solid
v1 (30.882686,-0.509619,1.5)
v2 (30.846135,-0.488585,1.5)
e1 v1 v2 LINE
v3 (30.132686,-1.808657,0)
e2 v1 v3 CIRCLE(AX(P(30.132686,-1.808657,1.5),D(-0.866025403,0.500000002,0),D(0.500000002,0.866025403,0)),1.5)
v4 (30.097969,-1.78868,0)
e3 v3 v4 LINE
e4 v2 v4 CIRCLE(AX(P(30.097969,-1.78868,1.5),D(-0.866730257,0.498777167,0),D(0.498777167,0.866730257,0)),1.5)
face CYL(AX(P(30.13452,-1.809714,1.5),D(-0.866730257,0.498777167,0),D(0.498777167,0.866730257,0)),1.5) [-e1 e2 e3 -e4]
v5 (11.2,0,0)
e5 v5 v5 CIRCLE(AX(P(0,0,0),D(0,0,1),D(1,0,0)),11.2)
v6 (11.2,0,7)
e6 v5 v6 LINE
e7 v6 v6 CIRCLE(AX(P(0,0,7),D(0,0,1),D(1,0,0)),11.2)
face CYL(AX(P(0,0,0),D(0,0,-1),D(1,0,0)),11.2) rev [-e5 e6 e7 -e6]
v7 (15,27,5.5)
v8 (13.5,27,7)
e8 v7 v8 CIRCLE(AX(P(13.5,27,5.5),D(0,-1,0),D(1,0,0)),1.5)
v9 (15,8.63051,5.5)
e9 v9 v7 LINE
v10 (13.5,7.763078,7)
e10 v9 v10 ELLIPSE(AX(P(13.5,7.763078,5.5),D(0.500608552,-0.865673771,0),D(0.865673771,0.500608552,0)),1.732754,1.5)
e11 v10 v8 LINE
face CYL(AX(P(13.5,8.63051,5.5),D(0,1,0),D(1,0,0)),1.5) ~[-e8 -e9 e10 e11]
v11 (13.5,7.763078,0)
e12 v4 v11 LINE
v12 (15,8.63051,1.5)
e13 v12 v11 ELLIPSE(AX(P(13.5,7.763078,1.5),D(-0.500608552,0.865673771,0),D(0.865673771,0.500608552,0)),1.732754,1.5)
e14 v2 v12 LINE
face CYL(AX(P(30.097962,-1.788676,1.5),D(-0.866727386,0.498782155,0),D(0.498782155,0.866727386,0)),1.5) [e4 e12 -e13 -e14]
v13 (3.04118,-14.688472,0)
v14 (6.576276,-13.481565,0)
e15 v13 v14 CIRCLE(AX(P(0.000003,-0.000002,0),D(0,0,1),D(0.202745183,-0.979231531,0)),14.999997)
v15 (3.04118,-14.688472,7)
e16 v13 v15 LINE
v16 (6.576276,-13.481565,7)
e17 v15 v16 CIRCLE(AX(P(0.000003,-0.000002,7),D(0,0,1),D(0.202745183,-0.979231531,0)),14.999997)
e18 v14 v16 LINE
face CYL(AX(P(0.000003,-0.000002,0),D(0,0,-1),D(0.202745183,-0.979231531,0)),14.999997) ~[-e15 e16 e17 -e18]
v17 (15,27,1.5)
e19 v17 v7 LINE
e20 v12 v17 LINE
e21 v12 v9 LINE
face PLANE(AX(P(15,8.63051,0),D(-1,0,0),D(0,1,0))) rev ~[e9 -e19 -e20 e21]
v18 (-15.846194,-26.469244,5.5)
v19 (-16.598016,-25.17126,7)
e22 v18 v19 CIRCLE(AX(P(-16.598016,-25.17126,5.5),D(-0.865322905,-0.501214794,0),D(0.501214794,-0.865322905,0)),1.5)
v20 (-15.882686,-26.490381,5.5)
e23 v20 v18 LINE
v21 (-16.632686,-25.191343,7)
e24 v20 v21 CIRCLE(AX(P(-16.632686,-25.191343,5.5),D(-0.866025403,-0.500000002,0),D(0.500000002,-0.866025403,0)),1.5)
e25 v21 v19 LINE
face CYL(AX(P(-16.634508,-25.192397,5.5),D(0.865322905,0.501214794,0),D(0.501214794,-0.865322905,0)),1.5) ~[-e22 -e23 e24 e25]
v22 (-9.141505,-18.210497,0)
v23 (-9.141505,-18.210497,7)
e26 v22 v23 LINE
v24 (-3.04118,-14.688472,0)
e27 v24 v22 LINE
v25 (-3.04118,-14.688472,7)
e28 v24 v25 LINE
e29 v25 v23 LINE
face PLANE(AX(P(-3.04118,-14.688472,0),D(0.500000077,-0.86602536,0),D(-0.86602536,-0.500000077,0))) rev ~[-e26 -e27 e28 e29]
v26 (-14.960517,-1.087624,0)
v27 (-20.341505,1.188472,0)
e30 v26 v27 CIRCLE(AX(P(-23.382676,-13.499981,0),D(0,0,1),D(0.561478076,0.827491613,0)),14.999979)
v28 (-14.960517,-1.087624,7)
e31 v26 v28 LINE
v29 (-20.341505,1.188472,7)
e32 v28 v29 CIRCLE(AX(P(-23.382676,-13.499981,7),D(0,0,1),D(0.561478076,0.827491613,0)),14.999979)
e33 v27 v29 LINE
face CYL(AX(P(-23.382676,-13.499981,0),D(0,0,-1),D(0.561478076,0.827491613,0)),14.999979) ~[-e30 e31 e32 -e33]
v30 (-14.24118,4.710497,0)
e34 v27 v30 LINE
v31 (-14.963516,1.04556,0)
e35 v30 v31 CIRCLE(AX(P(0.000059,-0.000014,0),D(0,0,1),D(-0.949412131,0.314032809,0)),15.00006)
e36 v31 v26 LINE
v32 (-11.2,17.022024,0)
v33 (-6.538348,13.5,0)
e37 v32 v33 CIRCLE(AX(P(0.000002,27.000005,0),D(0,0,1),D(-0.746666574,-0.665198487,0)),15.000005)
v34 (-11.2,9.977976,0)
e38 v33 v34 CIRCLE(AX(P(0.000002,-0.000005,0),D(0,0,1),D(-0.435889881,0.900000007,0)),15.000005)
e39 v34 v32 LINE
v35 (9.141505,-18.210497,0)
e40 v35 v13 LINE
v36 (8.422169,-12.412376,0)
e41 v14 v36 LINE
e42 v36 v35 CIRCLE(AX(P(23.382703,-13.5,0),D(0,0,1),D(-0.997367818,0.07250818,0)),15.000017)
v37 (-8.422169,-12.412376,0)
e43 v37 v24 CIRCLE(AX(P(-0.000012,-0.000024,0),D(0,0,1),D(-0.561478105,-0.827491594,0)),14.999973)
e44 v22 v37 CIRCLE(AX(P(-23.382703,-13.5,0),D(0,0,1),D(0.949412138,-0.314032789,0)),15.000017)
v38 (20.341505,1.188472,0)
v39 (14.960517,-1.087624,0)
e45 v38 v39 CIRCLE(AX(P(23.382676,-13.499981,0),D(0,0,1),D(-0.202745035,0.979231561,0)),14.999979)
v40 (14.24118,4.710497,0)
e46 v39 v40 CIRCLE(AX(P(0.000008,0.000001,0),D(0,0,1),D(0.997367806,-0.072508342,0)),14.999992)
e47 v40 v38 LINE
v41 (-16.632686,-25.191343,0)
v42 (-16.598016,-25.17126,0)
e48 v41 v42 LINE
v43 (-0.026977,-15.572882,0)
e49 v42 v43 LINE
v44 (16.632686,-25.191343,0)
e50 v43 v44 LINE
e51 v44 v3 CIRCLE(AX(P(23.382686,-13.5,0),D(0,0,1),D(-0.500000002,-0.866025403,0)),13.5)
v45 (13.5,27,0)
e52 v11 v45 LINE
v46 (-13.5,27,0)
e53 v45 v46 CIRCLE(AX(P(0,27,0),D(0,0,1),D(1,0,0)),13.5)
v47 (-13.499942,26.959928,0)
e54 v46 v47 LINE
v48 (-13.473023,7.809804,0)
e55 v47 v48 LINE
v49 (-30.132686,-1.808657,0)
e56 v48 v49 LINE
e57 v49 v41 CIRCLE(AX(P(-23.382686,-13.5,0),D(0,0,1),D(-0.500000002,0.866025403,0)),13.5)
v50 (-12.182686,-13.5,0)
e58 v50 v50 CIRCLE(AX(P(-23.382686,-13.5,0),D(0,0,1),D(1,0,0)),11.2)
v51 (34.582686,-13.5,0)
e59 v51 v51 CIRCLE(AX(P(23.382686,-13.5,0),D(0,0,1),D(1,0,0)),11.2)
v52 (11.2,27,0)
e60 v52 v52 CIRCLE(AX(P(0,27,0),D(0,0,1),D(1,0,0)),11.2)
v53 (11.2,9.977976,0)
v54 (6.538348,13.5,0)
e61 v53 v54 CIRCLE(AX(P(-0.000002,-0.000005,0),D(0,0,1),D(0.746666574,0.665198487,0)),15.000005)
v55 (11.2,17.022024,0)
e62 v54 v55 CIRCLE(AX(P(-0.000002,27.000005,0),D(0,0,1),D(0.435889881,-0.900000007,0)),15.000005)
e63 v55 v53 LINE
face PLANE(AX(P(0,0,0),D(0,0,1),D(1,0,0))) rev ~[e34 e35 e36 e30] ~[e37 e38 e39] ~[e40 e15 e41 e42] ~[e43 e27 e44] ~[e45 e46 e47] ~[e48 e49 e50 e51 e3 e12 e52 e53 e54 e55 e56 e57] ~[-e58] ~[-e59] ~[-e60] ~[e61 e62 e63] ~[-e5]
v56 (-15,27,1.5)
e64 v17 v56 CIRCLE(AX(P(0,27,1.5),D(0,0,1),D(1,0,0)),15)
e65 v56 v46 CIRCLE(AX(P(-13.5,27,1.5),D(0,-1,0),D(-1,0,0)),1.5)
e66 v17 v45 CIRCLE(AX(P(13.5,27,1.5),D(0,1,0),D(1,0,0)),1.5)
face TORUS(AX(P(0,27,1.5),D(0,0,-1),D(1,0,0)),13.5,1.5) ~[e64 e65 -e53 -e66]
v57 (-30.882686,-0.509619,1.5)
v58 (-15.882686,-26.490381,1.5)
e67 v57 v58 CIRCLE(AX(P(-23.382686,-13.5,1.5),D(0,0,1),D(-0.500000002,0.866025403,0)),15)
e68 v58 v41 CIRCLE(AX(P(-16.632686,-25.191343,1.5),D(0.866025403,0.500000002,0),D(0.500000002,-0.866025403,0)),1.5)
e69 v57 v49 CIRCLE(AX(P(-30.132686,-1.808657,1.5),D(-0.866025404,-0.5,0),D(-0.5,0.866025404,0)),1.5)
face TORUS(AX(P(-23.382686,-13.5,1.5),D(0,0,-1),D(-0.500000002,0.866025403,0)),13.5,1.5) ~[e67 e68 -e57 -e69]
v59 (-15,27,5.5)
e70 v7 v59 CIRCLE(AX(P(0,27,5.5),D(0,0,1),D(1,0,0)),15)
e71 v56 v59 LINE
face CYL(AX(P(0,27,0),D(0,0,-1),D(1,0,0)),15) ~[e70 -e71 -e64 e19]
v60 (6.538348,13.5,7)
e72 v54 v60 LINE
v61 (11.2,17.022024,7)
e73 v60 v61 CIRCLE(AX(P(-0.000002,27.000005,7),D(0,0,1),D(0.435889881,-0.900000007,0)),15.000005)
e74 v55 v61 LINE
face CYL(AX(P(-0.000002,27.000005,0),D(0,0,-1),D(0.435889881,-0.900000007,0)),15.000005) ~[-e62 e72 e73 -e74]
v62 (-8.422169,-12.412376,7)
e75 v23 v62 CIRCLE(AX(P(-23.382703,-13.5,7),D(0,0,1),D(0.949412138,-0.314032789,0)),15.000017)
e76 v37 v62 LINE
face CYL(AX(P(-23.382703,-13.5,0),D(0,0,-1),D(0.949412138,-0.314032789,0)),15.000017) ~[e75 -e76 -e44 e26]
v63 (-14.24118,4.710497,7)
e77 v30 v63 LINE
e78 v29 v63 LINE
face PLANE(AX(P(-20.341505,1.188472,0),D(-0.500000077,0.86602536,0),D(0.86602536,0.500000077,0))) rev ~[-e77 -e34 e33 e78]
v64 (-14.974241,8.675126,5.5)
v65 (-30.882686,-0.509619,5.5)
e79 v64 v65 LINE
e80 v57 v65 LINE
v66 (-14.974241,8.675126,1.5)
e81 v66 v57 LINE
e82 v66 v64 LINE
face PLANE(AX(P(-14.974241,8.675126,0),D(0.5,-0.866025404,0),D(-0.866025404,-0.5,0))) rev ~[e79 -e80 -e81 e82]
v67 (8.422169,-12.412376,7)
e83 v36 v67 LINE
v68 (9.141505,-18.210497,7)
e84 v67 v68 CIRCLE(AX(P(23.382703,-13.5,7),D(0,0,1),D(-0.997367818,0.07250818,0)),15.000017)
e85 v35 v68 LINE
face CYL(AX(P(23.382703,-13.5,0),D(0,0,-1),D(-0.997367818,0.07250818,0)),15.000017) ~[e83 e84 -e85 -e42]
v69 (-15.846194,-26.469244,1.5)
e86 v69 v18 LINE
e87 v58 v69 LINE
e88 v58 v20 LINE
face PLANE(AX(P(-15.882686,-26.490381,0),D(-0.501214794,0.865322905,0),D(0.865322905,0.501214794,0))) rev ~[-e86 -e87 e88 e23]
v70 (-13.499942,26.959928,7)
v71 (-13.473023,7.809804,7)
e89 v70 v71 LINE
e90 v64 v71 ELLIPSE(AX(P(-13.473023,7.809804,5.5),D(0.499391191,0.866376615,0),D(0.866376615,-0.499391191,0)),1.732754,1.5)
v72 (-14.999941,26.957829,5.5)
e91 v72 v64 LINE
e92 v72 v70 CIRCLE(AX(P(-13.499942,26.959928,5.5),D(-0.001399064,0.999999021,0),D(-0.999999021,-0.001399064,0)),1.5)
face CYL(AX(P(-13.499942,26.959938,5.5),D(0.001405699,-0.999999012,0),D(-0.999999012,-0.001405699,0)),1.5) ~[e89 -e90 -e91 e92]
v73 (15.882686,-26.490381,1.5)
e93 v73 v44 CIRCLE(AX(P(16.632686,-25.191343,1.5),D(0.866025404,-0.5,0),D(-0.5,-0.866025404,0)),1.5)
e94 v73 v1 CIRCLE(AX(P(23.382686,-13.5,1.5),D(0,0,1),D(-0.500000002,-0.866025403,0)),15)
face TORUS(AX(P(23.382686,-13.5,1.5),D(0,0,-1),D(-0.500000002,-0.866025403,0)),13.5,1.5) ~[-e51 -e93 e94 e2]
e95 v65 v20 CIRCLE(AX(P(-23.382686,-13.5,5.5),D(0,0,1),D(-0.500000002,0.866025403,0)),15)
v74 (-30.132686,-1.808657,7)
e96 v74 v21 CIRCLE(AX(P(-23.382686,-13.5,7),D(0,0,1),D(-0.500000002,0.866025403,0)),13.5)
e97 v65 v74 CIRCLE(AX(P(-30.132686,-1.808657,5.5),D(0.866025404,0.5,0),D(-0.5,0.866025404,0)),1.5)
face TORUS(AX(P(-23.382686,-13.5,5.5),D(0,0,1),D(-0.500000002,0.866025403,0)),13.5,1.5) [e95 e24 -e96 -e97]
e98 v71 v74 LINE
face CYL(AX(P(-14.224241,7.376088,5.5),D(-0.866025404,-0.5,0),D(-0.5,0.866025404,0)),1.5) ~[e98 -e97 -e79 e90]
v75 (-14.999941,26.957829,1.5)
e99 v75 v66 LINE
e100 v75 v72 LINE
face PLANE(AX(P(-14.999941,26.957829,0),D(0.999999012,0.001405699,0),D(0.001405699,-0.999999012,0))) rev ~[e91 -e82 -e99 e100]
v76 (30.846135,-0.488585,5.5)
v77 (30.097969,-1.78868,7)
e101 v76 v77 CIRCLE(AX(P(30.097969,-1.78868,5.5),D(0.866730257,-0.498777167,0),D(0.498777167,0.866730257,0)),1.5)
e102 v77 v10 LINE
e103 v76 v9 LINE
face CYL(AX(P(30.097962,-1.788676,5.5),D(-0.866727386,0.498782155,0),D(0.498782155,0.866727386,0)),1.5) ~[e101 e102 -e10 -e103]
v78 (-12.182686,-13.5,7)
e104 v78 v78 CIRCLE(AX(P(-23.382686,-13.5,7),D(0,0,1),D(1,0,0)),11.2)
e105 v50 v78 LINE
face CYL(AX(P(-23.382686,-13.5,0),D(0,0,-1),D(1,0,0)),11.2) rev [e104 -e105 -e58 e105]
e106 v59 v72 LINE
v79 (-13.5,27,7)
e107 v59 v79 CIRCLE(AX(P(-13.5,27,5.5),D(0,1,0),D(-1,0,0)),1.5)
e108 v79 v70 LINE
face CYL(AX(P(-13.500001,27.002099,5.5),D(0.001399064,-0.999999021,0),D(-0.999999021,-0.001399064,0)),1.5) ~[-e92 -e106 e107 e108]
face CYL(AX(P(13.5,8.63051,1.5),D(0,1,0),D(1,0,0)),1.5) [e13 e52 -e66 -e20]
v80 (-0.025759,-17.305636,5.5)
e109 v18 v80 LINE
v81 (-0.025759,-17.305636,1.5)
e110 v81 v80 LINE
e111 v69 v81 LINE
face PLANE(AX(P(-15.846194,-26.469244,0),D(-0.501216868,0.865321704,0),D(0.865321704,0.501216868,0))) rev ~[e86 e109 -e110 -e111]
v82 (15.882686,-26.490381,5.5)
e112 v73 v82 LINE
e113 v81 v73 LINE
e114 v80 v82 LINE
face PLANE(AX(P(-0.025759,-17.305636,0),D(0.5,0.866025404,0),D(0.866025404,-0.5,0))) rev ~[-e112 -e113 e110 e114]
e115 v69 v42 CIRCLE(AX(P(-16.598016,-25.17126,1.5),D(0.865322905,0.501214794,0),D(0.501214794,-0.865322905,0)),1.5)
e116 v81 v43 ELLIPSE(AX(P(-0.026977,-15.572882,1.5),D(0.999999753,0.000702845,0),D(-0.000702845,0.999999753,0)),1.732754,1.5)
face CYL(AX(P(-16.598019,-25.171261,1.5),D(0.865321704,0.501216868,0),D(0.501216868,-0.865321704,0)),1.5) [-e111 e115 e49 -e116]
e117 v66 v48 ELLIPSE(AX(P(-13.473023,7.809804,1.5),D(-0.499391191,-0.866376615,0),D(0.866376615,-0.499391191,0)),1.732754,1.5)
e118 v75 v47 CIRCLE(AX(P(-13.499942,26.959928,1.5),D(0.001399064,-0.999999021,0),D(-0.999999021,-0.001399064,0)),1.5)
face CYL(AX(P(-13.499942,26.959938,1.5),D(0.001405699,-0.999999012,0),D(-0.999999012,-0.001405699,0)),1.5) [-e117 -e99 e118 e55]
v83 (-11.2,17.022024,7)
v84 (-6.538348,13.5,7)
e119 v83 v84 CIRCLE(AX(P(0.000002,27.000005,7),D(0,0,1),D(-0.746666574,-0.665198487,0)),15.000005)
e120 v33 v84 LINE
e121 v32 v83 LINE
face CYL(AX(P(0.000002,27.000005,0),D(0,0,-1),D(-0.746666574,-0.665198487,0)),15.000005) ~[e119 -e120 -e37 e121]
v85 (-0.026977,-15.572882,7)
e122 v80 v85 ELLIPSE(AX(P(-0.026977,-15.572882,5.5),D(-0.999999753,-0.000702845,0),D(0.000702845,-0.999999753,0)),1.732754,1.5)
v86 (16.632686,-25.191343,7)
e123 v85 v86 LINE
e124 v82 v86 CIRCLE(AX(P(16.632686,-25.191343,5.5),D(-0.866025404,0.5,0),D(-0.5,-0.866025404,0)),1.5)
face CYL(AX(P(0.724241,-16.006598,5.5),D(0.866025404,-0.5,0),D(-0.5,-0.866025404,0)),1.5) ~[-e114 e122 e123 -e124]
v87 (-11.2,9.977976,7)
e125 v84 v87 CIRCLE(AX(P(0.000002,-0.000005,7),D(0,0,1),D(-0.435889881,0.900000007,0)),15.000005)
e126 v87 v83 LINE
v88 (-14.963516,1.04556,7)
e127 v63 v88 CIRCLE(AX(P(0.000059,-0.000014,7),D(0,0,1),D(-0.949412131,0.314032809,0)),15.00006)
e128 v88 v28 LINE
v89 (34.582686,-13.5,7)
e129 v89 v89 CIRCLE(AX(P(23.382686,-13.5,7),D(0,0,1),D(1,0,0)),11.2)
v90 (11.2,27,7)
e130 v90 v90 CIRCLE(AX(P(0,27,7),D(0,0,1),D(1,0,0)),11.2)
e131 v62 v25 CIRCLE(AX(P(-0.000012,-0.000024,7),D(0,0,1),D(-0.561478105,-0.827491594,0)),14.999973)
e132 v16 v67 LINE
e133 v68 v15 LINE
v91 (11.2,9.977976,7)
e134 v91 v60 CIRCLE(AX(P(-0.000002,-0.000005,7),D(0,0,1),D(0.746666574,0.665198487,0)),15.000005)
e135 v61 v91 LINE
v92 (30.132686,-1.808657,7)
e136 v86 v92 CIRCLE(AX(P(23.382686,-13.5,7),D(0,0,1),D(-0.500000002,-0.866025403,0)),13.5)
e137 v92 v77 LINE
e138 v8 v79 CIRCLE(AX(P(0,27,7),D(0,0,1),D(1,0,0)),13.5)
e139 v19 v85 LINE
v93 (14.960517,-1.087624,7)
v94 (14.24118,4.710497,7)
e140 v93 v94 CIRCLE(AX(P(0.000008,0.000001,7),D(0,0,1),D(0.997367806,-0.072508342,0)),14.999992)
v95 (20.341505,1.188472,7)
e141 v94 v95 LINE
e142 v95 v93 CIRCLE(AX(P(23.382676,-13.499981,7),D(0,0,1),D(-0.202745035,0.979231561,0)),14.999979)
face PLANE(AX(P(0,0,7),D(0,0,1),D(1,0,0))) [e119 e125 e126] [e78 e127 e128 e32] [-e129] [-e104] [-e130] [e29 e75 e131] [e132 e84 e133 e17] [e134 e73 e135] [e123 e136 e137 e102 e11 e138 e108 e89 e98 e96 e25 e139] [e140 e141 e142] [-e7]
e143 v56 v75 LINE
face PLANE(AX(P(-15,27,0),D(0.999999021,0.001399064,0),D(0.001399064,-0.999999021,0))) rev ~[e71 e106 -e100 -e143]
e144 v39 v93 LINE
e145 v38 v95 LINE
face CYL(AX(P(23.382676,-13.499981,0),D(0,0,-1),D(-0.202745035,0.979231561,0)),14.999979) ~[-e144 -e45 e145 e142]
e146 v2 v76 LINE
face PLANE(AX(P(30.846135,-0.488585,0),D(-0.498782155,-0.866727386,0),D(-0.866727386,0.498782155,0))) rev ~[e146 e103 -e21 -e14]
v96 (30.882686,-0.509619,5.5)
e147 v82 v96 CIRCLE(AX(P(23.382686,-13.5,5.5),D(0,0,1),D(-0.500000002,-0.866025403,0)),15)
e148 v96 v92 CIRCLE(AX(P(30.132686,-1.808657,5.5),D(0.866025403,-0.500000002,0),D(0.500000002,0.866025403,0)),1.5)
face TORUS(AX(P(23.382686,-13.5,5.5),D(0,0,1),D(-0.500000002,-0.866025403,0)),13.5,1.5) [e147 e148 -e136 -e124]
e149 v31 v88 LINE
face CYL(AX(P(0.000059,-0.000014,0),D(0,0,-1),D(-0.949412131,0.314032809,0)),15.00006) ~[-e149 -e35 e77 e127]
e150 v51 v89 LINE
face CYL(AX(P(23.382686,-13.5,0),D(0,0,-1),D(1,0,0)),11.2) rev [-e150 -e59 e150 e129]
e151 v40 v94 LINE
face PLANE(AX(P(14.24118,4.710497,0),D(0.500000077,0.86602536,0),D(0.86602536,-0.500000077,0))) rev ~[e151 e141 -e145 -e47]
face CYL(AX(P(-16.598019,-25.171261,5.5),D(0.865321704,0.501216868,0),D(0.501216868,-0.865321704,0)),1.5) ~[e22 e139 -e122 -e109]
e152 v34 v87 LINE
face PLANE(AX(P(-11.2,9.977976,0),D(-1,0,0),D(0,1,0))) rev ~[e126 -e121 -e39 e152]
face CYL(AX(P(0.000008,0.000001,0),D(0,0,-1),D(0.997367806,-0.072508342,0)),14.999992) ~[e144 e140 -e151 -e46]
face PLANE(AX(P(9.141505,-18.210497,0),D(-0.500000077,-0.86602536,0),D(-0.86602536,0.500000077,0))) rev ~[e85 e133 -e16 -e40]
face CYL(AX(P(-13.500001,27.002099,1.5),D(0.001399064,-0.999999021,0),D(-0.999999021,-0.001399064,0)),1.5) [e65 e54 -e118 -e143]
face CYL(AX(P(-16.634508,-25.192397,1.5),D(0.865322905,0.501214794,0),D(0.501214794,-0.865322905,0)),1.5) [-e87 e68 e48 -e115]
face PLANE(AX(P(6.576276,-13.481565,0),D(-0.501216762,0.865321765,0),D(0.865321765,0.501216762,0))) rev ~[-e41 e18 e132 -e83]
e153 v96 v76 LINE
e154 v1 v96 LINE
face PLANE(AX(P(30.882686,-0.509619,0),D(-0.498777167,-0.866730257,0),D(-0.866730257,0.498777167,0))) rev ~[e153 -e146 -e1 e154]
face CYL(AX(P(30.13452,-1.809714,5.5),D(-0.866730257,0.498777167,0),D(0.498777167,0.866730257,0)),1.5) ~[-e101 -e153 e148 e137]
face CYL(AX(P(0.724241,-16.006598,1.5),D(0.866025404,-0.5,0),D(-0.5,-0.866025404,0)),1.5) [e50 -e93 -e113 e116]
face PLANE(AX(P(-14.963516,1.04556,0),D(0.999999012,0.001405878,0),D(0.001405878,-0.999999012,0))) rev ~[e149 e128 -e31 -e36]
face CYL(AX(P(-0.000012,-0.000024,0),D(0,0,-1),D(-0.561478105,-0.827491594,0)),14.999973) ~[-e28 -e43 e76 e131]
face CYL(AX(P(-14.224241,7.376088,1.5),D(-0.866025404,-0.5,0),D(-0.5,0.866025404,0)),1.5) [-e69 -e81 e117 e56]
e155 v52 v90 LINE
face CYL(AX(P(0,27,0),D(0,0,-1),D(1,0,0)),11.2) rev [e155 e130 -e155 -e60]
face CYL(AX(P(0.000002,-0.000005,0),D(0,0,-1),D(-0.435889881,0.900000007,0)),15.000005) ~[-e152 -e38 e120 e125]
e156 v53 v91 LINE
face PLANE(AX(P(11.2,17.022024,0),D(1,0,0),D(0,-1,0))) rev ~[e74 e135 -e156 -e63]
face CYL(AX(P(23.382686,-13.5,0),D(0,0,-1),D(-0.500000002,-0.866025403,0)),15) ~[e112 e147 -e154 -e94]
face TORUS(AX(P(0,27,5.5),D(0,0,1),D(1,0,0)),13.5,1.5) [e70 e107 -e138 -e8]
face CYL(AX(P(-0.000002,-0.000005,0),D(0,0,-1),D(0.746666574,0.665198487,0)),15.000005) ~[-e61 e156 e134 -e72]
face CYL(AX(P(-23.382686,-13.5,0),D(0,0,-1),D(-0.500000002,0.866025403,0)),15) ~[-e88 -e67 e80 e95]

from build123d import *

# Parameters (mm, degrees)
F0_R     = 11.2
F1_DEPTH = 7
F2_R     = 1.5


with BuildPart() as f1:
    # F0 (on Top) → F1 (new body)
    with BuildSketch(Plane.XY):
        with BuildLine():
            Line((15, 8.63051), (15, 27))
            ThreePointArc((15, 27), (0, 42), (-15, 27))
            Line((-15, 27), (-14.999941, 26.957829))
            Line((-14.999941, 26.957829), (-14.974241, 8.675126))
            Line((-14.974241, 8.675126), (-30.882686, -0.509619))
            ThreePointArc((-30.882686, -0.509619), (-36.373067, -21), (-15.882686, -26.490381))
            Line((-15.882686, -26.490381), (-15.846194, -26.469244))
            Line((-15.846194, -26.469244), (-0.025759, -17.305636))
            Line((-0.025759, -17.305636), (15.882686, -26.490381))
            ThreePointArc((15.882686, -26.490381), (36.373067, -21), (30.882686, -0.509619))
            Line((30.882686, -0.509619), (30.846135, -0.488585))
            Line((30.846135, -0.488585), (15, 8.63051))
        make_face()
        with Locations((-23.382686, -13.5)):
            Circle(F0_R, mode=Mode.SUBTRACT)
        with BuildLine():
            ThreePointArc((-9.141505, -18.210497), (-8.496809, -15.346798), (-8.422169, -12.412376))
            ThreePointArc((-8.422169, -12.412376), (-5.843565, -13.814947), (-3.04118, -14.688472))
            Line((-3.04118, -14.688472), (-9.141505, -18.210497))
        make_face(mode=Mode.SUBTRACT)
        with BuildLine():
            Line((-14.963516, 1.04556), (-14.960517, -1.087624))
            ThreePointArc((-14.960517, -1.087624), (-17.539121, 0.314947), (-20.341505, 1.188472))
            Line((-20.341505, 1.188472), (-14.24118, 4.710497))
            ThreePointArc((-14.24118, 4.710497), (-14.716878, 2.900601), (-14.963516, 1.04556))
        make_face(mode=Mode.SUBTRACT)
        Circle(F0_R, mode=Mode.SUBTRACT)
        with BuildLine():
            Line((6.576276, -13.481565), (8.422169, -12.412376))
            ThreePointArc((8.422169, -12.412376), (8.496809, -15.346798), (9.141505, -18.210497))
            Line((9.141505, -18.210497), (3.04118, -14.688472))
            ThreePointArc((3.04118, -14.688472), (4.846445, -14.195491), (6.576276, -13.481565))
        make_face(mode=Mode.SUBTRACT)
        with Locations((23.382686, -13.5)):
            Circle(F0_R, mode=Mode.SUBTRACT)
        with BuildLine():
            ThreePointArc((20.341505, 1.188472), (17.539121, 0.314947), (14.960517, -1.087624))
            ThreePointArc((14.960517, -1.087624), (14.885877, 1.846798), (14.24118, 4.710497))
            Line((14.24118, 4.710497), (20.341505, 1.188472))
        make_face(mode=Mode.SUBTRACT)
        with BuildLine():
            ThreePointArc((-11.2, 17.022024), (-9.042312, 15.031851), (-6.538348, 13.5))
            ThreePointArc((-6.538348, 13.5), (-9.042312, 11.968149), (-11.2, 9.977976))
            Line((-11.2, 9.977976), (-11.2, 17.022024))
        make_face(mode=Mode.SUBTRACT)
        with Locations((0, 27)):
            Circle(F0_R, mode=Mode.SUBTRACT)
        with BuildLine():
            ThreePointArc((11.2, 9.977976), (9.042312, 11.968149), (6.538348, 13.5))
            ThreePointArc((6.538348, 13.5), (9.042312, 15.031851), (11.2, 17.022024))
            Line((11.2, 17.022024), (11.2, 9.977976))
        make_face(mode=Mode.SUBTRACT)
    extrude(amount=F1_DEPTH)

    # F2
    f2_edges = [f1.edges().sort_by_distance(p)[0] for p in [
        (-14.98712, 17.837563, 7),
        (0, 42, 7),
        (15, 17.815255, 7),
        (22.941343, 4.060445, 7),
        (36.373067, -21, 7),
        (7.928463, -21.898008, 7),
        (-7.954223, -21.898008, 7),
        (-36.373067, -21, 7),
        (-22.928463, 4.082754, 7),
        (15, 17.815255, 0),
        (0, 42, 0),
        (-14.98712, 17.837563, 0),
        (-22.928463, 4.082754, 0),
        (-36.373067, -21, 0),
        (-7.954223, -21.898008, 0),
        (7.928463, -21.898008, 0),
        (36.373067, -21, 0),
        (22.941343, 4.060445, 0),
    ]]
    fillet(f2_edges, radius=F2_R)


solid = f1.part
